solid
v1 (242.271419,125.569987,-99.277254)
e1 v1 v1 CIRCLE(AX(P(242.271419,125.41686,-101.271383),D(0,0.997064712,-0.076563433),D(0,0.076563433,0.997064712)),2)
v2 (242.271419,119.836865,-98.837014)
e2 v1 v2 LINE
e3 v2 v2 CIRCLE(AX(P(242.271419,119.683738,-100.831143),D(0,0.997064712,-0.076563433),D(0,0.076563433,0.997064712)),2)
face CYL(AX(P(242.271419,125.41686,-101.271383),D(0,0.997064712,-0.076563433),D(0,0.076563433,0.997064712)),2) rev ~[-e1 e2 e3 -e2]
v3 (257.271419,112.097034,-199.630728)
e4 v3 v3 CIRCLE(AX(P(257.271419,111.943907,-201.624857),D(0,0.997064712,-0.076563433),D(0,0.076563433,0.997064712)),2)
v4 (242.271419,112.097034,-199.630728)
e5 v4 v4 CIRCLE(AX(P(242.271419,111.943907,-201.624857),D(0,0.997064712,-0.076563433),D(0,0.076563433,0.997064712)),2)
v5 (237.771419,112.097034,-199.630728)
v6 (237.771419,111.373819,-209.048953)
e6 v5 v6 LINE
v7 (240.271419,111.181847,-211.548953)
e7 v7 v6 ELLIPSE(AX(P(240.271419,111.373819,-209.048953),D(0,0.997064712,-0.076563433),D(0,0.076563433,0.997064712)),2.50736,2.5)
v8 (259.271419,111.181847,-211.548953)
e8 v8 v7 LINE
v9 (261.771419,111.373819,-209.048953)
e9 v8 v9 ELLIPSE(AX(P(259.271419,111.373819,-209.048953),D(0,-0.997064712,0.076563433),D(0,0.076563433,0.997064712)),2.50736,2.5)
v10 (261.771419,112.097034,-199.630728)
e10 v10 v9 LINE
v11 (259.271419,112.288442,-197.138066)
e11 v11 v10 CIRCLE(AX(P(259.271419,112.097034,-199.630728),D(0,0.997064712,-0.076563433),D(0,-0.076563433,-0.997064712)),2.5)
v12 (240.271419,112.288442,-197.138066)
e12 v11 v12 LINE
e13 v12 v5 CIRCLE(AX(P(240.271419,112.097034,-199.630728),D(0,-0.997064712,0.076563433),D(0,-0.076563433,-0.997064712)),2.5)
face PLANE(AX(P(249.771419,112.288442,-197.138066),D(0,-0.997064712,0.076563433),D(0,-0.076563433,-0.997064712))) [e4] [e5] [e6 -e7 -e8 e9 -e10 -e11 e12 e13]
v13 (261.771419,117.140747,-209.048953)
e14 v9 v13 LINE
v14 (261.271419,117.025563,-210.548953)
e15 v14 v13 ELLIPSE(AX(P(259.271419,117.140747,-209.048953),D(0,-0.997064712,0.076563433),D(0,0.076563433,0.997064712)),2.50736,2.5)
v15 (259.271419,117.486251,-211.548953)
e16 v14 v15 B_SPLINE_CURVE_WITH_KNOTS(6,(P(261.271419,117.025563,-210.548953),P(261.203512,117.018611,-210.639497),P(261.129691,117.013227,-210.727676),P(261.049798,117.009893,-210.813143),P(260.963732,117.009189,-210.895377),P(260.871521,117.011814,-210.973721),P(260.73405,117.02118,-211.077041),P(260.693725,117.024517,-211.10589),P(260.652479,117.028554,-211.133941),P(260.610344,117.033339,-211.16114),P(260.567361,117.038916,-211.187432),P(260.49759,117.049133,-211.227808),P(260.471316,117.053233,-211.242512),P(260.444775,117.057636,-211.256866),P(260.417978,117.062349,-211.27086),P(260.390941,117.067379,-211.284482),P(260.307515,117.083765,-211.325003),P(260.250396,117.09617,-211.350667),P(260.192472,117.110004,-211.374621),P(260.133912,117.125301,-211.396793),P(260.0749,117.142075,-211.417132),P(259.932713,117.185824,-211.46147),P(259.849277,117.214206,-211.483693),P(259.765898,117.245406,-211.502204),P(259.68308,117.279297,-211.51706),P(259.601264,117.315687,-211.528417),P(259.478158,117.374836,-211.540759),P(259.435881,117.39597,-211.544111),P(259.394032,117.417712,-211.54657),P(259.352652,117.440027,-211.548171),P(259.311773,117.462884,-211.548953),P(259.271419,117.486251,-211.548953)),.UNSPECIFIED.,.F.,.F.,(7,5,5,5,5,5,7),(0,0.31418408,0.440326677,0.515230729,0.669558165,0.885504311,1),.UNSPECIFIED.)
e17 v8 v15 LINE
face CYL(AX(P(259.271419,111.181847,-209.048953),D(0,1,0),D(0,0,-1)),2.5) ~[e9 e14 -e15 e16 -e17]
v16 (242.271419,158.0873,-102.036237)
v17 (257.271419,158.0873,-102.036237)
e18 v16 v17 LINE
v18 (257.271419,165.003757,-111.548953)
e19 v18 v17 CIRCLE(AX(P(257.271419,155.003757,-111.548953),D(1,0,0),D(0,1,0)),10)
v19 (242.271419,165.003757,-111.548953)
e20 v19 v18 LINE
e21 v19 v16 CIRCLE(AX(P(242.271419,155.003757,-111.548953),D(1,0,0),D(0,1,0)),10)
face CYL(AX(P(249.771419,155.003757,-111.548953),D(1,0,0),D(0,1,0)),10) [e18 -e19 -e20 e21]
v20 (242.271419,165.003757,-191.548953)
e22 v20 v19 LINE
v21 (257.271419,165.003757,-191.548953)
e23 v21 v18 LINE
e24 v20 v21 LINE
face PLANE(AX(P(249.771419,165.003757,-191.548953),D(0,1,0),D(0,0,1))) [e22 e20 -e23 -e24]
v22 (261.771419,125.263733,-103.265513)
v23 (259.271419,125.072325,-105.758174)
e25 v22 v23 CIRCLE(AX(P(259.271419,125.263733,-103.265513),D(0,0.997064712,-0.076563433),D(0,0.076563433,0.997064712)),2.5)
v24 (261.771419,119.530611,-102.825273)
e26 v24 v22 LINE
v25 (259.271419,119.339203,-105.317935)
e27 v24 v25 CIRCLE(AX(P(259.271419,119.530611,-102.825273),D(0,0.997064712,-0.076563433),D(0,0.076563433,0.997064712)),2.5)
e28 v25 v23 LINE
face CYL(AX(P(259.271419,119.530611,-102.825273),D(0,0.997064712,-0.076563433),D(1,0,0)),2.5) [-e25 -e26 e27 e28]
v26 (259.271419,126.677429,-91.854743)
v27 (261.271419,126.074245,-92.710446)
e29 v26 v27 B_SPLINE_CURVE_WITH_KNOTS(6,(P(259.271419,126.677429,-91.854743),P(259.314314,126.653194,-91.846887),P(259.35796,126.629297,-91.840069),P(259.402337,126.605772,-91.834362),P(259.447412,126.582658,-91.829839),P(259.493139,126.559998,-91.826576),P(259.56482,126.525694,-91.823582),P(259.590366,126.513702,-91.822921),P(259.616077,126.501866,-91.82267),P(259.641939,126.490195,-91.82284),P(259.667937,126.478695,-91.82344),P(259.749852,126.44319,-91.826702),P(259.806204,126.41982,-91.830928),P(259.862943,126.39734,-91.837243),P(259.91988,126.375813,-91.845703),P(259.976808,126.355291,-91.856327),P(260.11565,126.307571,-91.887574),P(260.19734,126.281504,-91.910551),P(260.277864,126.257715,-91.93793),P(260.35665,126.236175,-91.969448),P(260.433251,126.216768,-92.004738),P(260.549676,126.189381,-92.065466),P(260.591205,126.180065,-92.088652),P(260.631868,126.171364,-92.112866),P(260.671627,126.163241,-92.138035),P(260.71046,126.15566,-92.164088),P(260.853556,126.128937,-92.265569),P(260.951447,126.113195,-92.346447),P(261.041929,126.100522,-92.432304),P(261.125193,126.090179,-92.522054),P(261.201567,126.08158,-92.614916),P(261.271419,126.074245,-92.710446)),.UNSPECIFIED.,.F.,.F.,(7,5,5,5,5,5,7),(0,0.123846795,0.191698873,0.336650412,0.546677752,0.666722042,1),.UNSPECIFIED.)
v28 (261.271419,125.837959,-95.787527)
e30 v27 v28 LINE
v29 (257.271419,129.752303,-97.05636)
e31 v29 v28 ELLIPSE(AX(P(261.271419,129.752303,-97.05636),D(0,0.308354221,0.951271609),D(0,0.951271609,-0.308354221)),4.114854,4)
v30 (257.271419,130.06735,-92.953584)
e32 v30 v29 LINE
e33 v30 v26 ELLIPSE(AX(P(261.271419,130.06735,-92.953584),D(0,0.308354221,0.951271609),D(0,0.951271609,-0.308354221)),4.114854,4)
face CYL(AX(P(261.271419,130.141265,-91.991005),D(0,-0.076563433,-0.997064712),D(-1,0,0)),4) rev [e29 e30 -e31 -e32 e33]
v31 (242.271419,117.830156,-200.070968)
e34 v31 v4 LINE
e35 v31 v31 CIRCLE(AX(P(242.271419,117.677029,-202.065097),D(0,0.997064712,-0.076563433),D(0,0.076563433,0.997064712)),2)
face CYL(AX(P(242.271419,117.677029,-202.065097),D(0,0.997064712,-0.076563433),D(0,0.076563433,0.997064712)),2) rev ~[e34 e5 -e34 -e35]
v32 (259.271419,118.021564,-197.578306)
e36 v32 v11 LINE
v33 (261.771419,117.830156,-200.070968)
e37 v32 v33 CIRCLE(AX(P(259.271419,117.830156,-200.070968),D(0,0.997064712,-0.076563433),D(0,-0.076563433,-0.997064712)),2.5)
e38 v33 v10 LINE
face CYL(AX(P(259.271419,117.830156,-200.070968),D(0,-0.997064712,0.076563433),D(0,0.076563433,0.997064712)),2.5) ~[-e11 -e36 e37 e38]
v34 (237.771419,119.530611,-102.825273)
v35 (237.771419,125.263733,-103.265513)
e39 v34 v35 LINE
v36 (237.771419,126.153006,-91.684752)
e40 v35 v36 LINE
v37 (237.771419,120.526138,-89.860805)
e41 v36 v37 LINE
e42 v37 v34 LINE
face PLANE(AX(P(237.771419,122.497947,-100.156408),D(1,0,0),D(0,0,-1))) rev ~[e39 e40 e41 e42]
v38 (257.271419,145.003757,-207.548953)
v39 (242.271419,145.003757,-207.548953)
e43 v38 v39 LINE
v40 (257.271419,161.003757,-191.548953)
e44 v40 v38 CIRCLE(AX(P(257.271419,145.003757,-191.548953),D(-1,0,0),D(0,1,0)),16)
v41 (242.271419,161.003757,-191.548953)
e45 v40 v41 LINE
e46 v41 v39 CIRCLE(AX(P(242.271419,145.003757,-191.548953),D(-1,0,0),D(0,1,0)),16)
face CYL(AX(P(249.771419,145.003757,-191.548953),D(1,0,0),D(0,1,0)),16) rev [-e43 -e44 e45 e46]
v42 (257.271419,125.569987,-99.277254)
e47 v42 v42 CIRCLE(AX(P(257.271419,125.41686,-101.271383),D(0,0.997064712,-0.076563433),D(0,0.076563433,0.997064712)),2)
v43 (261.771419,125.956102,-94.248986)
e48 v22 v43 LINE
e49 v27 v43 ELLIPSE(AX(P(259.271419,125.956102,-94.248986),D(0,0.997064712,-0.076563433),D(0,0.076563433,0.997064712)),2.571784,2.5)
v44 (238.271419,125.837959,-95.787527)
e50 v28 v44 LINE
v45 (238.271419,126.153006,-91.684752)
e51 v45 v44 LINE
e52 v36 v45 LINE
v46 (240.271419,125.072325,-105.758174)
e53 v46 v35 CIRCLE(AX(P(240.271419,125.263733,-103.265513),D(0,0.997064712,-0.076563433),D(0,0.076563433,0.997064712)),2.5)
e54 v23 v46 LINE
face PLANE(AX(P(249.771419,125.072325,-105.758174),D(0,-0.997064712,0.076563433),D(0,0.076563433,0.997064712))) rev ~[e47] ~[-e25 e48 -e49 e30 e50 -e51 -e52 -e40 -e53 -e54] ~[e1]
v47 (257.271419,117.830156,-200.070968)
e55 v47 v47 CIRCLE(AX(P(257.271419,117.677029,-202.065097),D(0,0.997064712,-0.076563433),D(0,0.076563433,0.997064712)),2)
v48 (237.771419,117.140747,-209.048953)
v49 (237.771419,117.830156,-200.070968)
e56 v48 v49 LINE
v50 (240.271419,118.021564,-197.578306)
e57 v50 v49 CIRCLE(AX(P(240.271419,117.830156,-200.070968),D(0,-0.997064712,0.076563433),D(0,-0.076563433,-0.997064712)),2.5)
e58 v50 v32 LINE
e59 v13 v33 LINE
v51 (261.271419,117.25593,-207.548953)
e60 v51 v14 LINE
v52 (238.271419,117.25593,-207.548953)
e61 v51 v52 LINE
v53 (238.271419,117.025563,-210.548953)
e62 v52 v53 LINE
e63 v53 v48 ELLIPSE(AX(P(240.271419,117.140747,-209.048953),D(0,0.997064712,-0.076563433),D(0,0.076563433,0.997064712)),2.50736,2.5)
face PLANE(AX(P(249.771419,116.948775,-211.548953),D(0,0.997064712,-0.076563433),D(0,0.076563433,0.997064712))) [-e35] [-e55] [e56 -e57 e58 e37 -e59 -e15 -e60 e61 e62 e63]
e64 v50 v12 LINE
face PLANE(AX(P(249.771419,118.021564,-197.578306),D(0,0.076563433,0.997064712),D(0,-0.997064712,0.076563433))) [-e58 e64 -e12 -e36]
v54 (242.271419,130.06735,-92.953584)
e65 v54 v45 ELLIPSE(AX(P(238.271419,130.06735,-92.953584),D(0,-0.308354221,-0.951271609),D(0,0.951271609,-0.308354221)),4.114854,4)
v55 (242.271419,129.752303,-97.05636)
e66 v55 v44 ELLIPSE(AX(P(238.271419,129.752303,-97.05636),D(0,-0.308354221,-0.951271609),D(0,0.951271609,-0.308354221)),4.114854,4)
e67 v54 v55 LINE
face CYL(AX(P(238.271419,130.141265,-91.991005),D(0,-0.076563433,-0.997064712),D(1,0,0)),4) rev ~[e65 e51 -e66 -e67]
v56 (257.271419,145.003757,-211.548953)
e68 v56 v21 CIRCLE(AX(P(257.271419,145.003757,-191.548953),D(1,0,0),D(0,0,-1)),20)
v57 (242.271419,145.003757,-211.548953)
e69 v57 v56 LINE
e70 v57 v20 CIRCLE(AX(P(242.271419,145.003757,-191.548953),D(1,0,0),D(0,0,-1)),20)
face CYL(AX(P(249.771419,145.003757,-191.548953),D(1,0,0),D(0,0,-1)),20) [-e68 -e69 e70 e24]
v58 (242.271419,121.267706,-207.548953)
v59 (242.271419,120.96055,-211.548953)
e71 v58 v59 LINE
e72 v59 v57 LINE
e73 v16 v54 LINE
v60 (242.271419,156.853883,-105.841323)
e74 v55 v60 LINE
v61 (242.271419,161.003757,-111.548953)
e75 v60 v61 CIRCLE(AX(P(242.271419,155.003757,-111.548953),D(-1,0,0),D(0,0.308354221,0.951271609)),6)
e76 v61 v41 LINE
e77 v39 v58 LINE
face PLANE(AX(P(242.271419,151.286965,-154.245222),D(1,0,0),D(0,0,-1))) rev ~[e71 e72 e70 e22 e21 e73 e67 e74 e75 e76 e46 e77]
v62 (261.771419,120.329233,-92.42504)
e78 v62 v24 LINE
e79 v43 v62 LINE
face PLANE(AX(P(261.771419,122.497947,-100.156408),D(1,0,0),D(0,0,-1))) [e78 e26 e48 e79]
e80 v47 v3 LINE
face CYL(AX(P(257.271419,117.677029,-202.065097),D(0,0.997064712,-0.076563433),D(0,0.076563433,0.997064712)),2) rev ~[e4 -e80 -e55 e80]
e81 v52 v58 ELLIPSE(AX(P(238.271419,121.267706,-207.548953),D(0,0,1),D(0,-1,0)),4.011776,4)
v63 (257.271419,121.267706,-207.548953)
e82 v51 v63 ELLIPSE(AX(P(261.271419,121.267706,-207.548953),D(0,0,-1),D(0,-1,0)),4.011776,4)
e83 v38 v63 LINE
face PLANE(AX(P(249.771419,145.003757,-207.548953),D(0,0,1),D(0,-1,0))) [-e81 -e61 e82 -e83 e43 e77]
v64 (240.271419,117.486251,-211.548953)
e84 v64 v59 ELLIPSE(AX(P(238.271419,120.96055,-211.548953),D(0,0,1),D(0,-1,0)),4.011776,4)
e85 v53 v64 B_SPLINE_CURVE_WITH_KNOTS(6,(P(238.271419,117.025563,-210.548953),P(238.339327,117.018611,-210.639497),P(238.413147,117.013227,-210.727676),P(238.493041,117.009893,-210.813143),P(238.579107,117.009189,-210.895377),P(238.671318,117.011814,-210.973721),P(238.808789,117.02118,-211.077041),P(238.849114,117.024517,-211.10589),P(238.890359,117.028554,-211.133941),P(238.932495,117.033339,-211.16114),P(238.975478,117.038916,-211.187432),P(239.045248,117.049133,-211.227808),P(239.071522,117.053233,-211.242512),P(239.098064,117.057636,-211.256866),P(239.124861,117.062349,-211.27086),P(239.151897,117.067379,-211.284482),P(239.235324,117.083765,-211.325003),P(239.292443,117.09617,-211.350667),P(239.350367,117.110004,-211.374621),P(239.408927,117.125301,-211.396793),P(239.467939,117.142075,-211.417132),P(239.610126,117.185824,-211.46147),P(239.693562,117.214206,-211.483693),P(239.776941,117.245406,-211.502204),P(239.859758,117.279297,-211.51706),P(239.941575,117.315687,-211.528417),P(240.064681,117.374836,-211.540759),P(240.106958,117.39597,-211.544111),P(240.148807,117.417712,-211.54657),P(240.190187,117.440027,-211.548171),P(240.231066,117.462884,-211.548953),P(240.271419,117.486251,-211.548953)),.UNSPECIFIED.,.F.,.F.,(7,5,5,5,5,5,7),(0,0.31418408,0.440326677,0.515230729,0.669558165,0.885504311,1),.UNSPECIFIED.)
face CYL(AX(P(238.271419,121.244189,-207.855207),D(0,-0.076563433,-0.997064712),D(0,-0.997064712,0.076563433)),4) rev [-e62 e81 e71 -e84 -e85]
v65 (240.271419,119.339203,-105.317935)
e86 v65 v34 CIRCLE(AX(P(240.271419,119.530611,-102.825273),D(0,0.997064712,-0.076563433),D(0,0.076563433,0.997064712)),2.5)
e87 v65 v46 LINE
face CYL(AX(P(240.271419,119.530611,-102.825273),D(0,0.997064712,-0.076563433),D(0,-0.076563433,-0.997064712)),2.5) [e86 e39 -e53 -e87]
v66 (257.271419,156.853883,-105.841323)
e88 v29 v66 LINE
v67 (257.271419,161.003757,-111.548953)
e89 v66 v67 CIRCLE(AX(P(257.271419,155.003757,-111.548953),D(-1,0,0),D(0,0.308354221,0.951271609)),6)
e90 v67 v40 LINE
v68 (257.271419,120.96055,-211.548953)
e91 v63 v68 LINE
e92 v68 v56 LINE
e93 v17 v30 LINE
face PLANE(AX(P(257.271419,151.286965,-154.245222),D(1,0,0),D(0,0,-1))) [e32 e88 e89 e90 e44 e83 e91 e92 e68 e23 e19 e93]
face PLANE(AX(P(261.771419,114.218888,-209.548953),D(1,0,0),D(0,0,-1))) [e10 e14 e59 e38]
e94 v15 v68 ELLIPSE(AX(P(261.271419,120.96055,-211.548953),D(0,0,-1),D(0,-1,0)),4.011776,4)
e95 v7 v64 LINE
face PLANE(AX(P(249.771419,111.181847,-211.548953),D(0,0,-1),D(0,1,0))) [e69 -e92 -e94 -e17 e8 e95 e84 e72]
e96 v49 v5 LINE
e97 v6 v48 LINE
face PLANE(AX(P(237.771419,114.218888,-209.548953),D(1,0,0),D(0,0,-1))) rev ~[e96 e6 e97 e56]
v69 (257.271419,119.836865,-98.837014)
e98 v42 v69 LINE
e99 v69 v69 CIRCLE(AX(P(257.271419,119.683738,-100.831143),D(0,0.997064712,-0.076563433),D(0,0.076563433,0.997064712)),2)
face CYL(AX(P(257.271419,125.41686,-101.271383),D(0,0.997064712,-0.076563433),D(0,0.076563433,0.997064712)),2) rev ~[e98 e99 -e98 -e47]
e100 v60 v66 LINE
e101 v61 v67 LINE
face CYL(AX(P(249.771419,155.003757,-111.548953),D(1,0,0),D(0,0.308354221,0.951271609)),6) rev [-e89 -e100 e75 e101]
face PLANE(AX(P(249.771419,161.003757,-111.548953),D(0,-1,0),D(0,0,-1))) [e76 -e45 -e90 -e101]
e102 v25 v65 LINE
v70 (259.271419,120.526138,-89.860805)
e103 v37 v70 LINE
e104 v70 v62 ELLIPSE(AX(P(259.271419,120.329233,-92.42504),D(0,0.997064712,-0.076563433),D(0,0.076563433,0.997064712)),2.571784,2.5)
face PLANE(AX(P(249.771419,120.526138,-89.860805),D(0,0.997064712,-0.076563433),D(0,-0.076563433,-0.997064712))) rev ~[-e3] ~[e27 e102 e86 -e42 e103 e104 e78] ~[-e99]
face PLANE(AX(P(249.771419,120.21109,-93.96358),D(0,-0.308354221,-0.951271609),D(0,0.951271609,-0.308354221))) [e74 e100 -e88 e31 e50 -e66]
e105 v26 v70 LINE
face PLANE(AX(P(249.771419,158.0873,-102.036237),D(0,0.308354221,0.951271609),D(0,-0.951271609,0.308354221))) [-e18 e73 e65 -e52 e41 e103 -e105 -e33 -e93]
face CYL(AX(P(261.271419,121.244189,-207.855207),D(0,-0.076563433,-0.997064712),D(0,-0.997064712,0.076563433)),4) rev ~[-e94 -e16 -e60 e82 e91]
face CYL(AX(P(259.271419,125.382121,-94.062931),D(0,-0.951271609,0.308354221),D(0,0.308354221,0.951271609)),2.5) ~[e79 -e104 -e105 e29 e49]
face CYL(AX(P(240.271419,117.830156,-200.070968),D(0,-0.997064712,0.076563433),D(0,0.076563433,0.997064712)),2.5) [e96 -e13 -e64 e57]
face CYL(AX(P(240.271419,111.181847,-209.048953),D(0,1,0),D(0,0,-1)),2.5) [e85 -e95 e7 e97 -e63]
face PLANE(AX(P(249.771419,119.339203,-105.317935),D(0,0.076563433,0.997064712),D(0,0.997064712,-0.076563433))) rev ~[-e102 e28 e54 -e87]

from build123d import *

# Parameters (mm, degrees)
BOSS_EXTRUDE1_DEPTH = 7.5
BOSS_EXTRUDE3_DEPTH = 12
FILLET1_R           = 2.5
FILLET2_R           = 4
CUT_EXTRUDE1_REACH  = 333.875
SKETCH5_R           = 2.0000000000001186
SKETCH5_R_2         = 2.0000000000001266
SKETCH5_R_3         = 2.0000000000001346


with BuildPart() as part:
    # Sketch1 → Boss-Extrude1 (new, symmetric)
    with BuildSketch(Plane(origin=(249.7714193313032, 90.19789758644944, 68.85838392138058), x_dir=(-1.36e-15, 0, -1), z_dir=(1, 1.23e-15, -1.36e-15))):
        with BuildLine():
            Line((276.40733700705005, 27.058032303601674), (280.40733700705005, 26.750876980739832))
            Line((280.40733700705005, 26.750876980739832), (280.40733700705005, 54.805859741005065))
            ThreePointArc((280.40733700705005, 54.80585974100506), (274.549472630781, 68.947995364736), (260.40733700705005, 74.80585974100505))
            Line((260.40733700705005, 74.80585974100507), (180.40733700705002, 74.80585974100505))
            ThreePointArc((180.40733700705002, 74.80585974100504), (174.52666621732683, 72.89398134388023), (170.89462091629855, 67.88940195358433))
            Line((170.89462091629855, 67.88940195358433), (158.7191888589005, 30.328239997775782))
            Line((158.7191888589005, 30.32823999777578), (162.8219643315265, 30.01319266654476))
            Line((162.8219643315265, 30.013192666544757), (174.69970735259915, 66.65598506855262))
            ThreePointArc((174.69970735259915, 66.65598506855262), (176.8789345332161, 69.65873270273018), (180.40733700705002, 70.80585974100507))
            Line((180.40733700705002, 70.80585974100505), (260.40733700705005, 70.80585974100507))
            ThreePointArc((260.40733700705005, 70.80585974100507), (271.7210455060348, 66.1195682399898), (276.40733700705005, 54.80585974100506))
            Line((276.40733700705005, 54.80585974100506), (276.40733700705005, 27.058032303601674))
        make_face()
    extrude(amount=BOSS_EXTRUDE1_DEPTH, both=True)

    # Sketch1<4> → Boss-Extrude3 (add, symmetric)
    with BuildSketch(Plane(origin=(249.7714193313032, 90.19789758644944, 68.85838392138058), x_dir=(-1.36e-15, 0, -1), z_dir=(1, 1.23e-15, -1.36e-15))):
        Polygon((174.61655820891, 34.87442718512688), (164.64591108515557, 35.64006151923646), (162.8219643315265, 30.01319266654476), (174.17631846679706, 29.14130508896809), align=None)
        Polygon((164.64591108515557, 35.64006151923646), (160.5431356125297, 35.95510885046747), (158.7191888589005, 30.328239997775782), (162.8219643315265, 30.01319266654476), align=None)
        Polygon((276.40733700705005, 21.291104712411546), (280.40733700705005, 20.983949389549675), (280.40733700705005, 26.750876980739832), (276.40733700705005, 27.058032303601674), align=None)
        Polygon((265.9964501411826, 22.090544541552422), (276.40733700705005, 21.291104712411546), (276.40733700705005, 27.058032303601674), (266.4366898832956, 27.823666637711245), align=None)
    extrude(amount=BOSS_EXTRUDE3_DEPTH, both=True)

    # Fillet1
    fillet1_edges = [part.edges().sort_by_distance(p)[0] for p in [
        (237.77141933130292, 122.20576372349691, -105.53805441647292),
        (261.7714193313029, 122.20576372349694, -105.53805441647295),
        (261.7714193313029, 123.33957201057109, -90.77277831433453),
        (261.7714193313028, 115.1550031760813, -197.35818609085857),
        (237.7714193313028, 114.06531077159418, -211.54895308566944),
        (261.7714193313028, 114.06531077159421, -211.5489530856695),
        (237.7714193313028, 115.15500317608127, -197.3581860908585),
    ]]
    fillet(fillet1_edges, radius=FILLET1_R)

    # Fillet2
    fillet2_edges = [part.edges().sort_by_distance(p)[0] for p in [
        (257.271419331303, 125.9954827713014, -93.73613942746209),
        (242.27141933130298, 125.99548277130137, -93.73613942746206),
        (242.2714193313028, 117.10235222862019, -209.54895308566944),
        (257.2714193313028, 117.10235222862022, -209.5489530856695),
    ]]
    fillet(fillet2_edges, radius=FILLET2_R)

    # Sketch5 → Cut-Extrude1 (cut, up to next)
    with BuildSketch(Plane(origin=(-1.7714e-13, 132.41259718729538, -10.16780851001), x_dir=(1, 1.33e-15, -1e-16), z_dir=(-1.3338661735596055e-15, 0.9970647123754437, -0.07656343341095512)), mode=Mode.PRIVATE) as cut_extrude1_sk1:
        with Locations(Location((242.271419331303, 192.46222063201034, 0), (0, 0, 270))):
            Circle(SKETCH5_R)
    cut_extrude1_tool1 = extrude(cut_extrude1_sk1.sketch, amount=-CUT_EXTRUDE1_REACH, mode=Mode.PRIVATE) & part.part
    # Sketch5 → Cut-Extrude1 (cut, up to next)
    with BuildSketch(Plane(origin=(-1.7714e-13, 132.41259718729538, -10.16780851001), x_dir=(1, 1.33e-15, -1e-16), z_dir=(-1.3338661735596055e-15, 0.9970647123754437, -0.07656343341095512)), mode=Mode.PRIVATE) as cut_extrude1_sk2:
        with Locations(Location((257.2714193313028, 192.46222063201034, 0), (0, 0, 270))):
            Circle(SKETCH5_R_2)
    cut_extrude1_tool2 = extrude(cut_extrude1_sk2.sketch, amount=-CUT_EXTRUDE1_REACH, mode=Mode.PRIVATE) & part.part
    # Sketch5 → Cut-Extrude1 (cut, up to next)
    with BuildSketch(Plane(origin=(-1.7714e-13, 132.41259718729538, -10.16780851001), x_dir=(1, 1.33e-15, -1e-16), z_dir=(-1.3338661735596055e-15, 0.9970647123754437, -0.07656343341095512)), mode=Mode.PRIVATE) as cut_extrude1_sk3:
        with Locations(Location((242.27141933130304, 91.37177701814517, 0), (0, 0, 270))):
            Circle(SKETCH5_R_3)
    cut_extrude1_tool3 = extrude(cut_extrude1_sk3.sketch, amount=-CUT_EXTRUDE1_REACH, mode=Mode.PRIVATE) & part.part
    # Sketch5 → Cut-Extrude1 (cut, up to next)
    with BuildSketch(Plane(origin=(-1.7714e-13, 132.41259718729538, -10.16780851001), x_dir=(1, 1.33e-15, -1e-16), z_dir=(-1.3338661735596055e-15, 0.9970647123754437, -0.07656343341095512)), mode=Mode.PRIVATE) as cut_extrude1_sk4:
        with Locations(Location((257.27141933130287, 91.37177701814517, 0), (0, 0, 270))):
            Circle(SKETCH5_R_3)
    cut_extrude1_tool4 = extrude(cut_extrude1_sk4.sketch, amount=-CUT_EXTRUDE1_REACH, mode=Mode.PRIVATE) & part.part
    add(cut_extrude1_tool1.solids().sort_by_distance((242.271419, 117.677029, -202.065097))[0], mode=Mode.SUBTRACT)
    add(cut_extrude1_tool2.solids().sort_by_distance((257.271419, 117.677029, -202.065097))[0], mode=Mode.SUBTRACT)
    add(cut_extrude1_tool3.solids().sort_by_distance((242.271419, 125.41686, -101.271383))[0], mode=Mode.SUBTRACT)
    add(cut_extrude1_tool4.solids().sort_by_distance((257.271419, 125.41686, -101.271383))[0], mode=Mode.SUBTRACT)


solid = part.part
